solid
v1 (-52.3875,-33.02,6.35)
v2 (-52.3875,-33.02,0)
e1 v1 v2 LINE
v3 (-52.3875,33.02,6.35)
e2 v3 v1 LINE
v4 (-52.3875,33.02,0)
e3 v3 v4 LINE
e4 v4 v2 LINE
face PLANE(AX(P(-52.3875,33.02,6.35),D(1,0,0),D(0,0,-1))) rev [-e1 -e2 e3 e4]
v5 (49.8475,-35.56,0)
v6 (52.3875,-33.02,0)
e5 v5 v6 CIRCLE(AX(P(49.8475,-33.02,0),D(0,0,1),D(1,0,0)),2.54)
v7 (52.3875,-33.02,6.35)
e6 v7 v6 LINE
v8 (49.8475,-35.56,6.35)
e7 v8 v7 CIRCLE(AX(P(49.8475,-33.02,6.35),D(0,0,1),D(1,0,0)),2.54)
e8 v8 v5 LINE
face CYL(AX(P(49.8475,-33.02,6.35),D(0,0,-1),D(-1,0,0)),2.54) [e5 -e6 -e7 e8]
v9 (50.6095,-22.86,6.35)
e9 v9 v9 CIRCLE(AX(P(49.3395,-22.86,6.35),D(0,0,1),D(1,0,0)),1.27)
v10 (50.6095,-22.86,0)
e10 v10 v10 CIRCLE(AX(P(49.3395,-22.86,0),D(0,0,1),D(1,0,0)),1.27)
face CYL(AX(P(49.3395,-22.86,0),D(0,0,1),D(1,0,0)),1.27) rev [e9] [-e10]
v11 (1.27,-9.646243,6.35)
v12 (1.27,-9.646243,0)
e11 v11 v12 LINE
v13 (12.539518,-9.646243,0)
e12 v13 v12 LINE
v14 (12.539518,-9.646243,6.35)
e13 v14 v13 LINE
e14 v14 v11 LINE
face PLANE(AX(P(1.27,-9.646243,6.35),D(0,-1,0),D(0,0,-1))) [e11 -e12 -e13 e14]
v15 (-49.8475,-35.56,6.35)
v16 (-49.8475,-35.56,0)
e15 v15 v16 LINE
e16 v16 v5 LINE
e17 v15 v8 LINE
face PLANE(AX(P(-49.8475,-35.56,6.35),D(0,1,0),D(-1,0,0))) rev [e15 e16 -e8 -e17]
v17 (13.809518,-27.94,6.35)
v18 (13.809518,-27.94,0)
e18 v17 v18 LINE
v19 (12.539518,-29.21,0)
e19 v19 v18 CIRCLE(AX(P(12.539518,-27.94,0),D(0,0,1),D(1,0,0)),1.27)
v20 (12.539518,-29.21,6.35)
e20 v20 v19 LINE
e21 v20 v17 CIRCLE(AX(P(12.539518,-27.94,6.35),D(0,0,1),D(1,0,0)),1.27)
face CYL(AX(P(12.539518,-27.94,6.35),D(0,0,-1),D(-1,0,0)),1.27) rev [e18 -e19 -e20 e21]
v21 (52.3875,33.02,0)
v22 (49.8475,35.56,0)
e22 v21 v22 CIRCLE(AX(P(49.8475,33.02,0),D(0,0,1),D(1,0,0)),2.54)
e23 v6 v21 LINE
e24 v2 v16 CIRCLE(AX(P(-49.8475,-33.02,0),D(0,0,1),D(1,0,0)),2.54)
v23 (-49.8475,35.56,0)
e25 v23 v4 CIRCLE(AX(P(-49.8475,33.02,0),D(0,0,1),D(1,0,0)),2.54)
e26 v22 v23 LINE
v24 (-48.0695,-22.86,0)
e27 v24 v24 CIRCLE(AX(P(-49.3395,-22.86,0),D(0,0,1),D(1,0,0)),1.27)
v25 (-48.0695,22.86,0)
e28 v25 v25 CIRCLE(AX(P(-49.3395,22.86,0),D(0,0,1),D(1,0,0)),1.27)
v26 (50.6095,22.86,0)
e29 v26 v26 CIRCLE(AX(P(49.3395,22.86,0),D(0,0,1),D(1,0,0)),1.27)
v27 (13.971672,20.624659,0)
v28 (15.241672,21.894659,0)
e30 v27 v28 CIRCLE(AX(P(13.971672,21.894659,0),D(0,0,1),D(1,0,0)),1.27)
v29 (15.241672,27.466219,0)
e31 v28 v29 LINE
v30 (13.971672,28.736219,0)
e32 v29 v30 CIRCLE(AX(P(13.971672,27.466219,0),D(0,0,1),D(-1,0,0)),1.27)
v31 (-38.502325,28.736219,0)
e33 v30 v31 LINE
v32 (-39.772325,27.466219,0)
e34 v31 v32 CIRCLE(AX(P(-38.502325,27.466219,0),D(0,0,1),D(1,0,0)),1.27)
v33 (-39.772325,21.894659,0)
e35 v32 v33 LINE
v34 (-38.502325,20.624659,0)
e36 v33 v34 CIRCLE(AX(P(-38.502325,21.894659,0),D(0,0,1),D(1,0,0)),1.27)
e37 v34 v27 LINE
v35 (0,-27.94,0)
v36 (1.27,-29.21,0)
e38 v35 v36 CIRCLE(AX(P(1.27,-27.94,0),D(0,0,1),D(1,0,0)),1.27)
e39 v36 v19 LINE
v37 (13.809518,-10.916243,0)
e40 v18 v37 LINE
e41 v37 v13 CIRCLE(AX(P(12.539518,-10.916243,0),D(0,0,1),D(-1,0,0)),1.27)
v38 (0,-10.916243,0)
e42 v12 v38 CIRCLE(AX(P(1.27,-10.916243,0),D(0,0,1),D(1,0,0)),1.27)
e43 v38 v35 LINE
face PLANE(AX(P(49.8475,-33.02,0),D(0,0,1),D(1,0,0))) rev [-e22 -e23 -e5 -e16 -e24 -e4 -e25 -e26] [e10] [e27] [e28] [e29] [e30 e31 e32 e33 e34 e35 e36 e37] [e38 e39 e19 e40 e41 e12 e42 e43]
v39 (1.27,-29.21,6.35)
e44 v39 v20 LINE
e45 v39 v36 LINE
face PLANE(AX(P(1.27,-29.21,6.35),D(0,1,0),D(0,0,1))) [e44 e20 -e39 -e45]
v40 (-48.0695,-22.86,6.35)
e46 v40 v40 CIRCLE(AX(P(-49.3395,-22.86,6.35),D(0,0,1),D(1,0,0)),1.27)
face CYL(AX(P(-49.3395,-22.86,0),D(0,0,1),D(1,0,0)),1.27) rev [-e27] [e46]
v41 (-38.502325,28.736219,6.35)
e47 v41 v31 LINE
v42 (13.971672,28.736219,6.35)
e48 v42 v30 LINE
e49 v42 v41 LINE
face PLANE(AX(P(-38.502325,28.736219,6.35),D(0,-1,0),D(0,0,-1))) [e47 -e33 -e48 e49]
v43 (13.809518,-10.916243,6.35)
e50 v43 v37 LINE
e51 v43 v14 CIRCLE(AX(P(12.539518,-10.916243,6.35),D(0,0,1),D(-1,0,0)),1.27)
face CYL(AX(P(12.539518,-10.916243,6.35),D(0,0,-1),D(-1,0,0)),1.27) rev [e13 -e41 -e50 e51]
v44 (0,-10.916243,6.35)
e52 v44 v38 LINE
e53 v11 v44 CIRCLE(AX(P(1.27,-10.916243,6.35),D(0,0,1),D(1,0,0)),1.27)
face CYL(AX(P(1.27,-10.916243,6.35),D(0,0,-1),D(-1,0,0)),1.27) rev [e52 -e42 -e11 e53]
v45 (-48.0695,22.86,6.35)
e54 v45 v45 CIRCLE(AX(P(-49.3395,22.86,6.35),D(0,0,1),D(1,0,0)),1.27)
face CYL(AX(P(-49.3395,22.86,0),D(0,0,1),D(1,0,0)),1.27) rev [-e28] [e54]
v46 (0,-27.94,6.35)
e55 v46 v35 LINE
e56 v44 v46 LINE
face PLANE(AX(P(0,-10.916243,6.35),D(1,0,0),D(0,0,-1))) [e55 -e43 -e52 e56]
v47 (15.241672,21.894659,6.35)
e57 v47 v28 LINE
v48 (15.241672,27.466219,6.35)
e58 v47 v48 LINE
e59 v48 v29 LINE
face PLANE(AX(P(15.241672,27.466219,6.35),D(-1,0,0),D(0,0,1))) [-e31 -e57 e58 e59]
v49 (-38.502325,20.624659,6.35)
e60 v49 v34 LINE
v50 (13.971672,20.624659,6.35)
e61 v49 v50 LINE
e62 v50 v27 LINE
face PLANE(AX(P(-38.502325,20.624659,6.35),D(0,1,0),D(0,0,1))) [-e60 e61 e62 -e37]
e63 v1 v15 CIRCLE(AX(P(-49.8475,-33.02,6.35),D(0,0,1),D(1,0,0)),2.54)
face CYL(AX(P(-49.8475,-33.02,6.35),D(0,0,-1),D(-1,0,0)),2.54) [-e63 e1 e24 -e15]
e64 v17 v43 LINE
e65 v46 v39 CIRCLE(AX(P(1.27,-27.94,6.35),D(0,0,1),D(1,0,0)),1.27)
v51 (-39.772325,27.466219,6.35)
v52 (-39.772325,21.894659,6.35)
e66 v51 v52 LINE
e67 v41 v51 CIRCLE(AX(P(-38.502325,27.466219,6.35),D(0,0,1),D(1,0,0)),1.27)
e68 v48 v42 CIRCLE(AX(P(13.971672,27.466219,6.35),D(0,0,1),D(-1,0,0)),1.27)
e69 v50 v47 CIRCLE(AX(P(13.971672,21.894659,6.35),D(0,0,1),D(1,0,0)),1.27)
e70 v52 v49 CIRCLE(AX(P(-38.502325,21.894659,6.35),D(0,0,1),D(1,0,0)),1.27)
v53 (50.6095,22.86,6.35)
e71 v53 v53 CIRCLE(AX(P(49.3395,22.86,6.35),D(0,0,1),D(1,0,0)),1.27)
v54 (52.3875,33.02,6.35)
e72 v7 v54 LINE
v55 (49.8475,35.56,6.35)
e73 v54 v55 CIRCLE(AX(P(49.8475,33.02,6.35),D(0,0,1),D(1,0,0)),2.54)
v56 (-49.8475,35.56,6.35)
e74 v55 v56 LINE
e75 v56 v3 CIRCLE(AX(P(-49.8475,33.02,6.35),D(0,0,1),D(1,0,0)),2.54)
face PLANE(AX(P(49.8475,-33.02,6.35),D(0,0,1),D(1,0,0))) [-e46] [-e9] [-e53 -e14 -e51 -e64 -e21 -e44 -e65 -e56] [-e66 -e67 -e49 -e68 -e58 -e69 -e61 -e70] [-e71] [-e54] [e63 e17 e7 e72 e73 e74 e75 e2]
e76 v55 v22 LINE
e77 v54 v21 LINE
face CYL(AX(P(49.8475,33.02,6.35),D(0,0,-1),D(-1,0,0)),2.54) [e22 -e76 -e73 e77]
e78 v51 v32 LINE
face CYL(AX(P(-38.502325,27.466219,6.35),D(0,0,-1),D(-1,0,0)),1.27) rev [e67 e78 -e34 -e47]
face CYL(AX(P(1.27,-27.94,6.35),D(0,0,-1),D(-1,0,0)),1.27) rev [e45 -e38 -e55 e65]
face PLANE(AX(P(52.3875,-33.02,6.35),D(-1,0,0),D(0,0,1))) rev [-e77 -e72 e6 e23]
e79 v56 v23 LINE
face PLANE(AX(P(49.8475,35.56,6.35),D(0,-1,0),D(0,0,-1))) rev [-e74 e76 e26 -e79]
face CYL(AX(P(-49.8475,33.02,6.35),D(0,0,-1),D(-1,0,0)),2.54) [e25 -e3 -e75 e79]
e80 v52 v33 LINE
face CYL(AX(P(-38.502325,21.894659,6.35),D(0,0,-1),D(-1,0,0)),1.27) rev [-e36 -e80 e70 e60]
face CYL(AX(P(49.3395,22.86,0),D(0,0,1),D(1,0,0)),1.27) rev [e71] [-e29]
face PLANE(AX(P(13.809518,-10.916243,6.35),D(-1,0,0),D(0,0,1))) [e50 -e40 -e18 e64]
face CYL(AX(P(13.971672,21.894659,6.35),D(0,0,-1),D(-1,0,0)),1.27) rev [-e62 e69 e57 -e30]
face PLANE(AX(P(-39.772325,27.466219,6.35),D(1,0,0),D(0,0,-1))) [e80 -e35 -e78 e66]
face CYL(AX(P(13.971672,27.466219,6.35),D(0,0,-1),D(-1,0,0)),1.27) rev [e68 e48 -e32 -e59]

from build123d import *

# Parameters (mm, degrees)
BOSS_EXTRUDE1_DEPTH = 6.35
SKETCH2_R           = 1.27
CUT_EXTRUDE1_DEPTH  = 64.634002359


with BuildPart() as part:
    # Sketch1 → Boss-Extrude1 (new body)
    with BuildSketch(Plane.XY):
        with BuildLine():
            Line((52.3875, -33.02), (52.3875, 33.02))
            ThreePointArc((52.3875, 33.02), (51.643551224, 34.816051224), (49.8475, 35.56))
            Line((49.8475, 35.56), (-49.8475, 35.56))
            ThreePointArc((-49.8475, 35.56), (-51.643551224, 34.816051224), (-52.3875, 33.02))
            Line((-52.3875, 33.02), (-52.3875, -33.02))
            ThreePointArc((-52.3875, -33.02), (-51.643551224, -34.816051224), (-49.8475, -35.56))
            Line((-49.8475, -35.56), (49.8475, -35.56))
            ThreePointArc((49.8475, -35.56), (51.643551224, -34.816051224), (52.3875, -33.02))
        make_face()
        with BuildLine():
            Line((-38.502324621, 28.736218676), (13.971672014, 28.736218676))
            ThreePointArc((13.971672014, 28.736218676), (14.869697627, 28.364244288), (15.241672014, 27.466218676))
            Line((15.241672014, 27.466218676), (15.241672014, 21.89465856))
            ThreePointArc((15.241672014, 21.89465856), (14.869697627, 20.996632948), (13.971672014, 20.62465856))
            Line((13.971672014, 20.62465856), (-38.502324621, 20.62465856))
            ThreePointArc((-38.502324621, 20.62465856), (-39.400350233, 20.996632948), (-39.772324621, 21.89465856))
            Line((-39.772324621, 21.89465856), (-39.772324621, 27.466218676))
            ThreePointArc((-39.772324621, 27.466218676), (-39.400350233, 28.364244288), (-38.502324621, 28.736218676))
        make_face(mode=Mode.SUBTRACT)
        with BuildLine():
            Line((1.27, -9.646243467), (12.539518383, -9.646243467))
            ThreePointArc((12.539518383, -9.646243467), (13.437543995, -10.018217855), (13.809518383, -10.916243467))
            Line((13.809518383, -10.916243467), (13.809518383, -27.94))
            ThreePointArc((13.809518383, -27.94), (13.437543995, -28.838025612), (12.539518383, -29.21))
            Line((12.539518383, -29.21), (1.27, -29.21))
            ThreePointArc((1.27, -29.21), (0.371974388, -28.838025612), (0, -27.94))
            Line((0, -27.94), (0, -10.916243467))
            ThreePointArc((0, -10.916243467), (0.371974388, -10.018217855), (1.27, -9.646243467))
        make_face(mode=Mode.SUBTRACT)
    extrude(amount=BOSS_EXTRUDE1_DEPTH)

    # Sketch2 → Cut-Extrude1 (cut, through all)
    with BuildSketch(Plane.XY.offset(6.35)):
        with Locations((-49.3395, -22.86)):
            Circle(SKETCH2_R)
        with Locations((-49.3395, 22.86)):
            Circle(SKETCH2_R)
        with Locations((49.3395, 22.86)):
            Circle(SKETCH2_R)
        with Locations((49.3395, -22.86)):
            Circle(SKETCH2_R)
    extrude(amount=-CUT_EXTRUDE1_DEPTH, mode=Mode.SUBTRACT)


solid = part.part
